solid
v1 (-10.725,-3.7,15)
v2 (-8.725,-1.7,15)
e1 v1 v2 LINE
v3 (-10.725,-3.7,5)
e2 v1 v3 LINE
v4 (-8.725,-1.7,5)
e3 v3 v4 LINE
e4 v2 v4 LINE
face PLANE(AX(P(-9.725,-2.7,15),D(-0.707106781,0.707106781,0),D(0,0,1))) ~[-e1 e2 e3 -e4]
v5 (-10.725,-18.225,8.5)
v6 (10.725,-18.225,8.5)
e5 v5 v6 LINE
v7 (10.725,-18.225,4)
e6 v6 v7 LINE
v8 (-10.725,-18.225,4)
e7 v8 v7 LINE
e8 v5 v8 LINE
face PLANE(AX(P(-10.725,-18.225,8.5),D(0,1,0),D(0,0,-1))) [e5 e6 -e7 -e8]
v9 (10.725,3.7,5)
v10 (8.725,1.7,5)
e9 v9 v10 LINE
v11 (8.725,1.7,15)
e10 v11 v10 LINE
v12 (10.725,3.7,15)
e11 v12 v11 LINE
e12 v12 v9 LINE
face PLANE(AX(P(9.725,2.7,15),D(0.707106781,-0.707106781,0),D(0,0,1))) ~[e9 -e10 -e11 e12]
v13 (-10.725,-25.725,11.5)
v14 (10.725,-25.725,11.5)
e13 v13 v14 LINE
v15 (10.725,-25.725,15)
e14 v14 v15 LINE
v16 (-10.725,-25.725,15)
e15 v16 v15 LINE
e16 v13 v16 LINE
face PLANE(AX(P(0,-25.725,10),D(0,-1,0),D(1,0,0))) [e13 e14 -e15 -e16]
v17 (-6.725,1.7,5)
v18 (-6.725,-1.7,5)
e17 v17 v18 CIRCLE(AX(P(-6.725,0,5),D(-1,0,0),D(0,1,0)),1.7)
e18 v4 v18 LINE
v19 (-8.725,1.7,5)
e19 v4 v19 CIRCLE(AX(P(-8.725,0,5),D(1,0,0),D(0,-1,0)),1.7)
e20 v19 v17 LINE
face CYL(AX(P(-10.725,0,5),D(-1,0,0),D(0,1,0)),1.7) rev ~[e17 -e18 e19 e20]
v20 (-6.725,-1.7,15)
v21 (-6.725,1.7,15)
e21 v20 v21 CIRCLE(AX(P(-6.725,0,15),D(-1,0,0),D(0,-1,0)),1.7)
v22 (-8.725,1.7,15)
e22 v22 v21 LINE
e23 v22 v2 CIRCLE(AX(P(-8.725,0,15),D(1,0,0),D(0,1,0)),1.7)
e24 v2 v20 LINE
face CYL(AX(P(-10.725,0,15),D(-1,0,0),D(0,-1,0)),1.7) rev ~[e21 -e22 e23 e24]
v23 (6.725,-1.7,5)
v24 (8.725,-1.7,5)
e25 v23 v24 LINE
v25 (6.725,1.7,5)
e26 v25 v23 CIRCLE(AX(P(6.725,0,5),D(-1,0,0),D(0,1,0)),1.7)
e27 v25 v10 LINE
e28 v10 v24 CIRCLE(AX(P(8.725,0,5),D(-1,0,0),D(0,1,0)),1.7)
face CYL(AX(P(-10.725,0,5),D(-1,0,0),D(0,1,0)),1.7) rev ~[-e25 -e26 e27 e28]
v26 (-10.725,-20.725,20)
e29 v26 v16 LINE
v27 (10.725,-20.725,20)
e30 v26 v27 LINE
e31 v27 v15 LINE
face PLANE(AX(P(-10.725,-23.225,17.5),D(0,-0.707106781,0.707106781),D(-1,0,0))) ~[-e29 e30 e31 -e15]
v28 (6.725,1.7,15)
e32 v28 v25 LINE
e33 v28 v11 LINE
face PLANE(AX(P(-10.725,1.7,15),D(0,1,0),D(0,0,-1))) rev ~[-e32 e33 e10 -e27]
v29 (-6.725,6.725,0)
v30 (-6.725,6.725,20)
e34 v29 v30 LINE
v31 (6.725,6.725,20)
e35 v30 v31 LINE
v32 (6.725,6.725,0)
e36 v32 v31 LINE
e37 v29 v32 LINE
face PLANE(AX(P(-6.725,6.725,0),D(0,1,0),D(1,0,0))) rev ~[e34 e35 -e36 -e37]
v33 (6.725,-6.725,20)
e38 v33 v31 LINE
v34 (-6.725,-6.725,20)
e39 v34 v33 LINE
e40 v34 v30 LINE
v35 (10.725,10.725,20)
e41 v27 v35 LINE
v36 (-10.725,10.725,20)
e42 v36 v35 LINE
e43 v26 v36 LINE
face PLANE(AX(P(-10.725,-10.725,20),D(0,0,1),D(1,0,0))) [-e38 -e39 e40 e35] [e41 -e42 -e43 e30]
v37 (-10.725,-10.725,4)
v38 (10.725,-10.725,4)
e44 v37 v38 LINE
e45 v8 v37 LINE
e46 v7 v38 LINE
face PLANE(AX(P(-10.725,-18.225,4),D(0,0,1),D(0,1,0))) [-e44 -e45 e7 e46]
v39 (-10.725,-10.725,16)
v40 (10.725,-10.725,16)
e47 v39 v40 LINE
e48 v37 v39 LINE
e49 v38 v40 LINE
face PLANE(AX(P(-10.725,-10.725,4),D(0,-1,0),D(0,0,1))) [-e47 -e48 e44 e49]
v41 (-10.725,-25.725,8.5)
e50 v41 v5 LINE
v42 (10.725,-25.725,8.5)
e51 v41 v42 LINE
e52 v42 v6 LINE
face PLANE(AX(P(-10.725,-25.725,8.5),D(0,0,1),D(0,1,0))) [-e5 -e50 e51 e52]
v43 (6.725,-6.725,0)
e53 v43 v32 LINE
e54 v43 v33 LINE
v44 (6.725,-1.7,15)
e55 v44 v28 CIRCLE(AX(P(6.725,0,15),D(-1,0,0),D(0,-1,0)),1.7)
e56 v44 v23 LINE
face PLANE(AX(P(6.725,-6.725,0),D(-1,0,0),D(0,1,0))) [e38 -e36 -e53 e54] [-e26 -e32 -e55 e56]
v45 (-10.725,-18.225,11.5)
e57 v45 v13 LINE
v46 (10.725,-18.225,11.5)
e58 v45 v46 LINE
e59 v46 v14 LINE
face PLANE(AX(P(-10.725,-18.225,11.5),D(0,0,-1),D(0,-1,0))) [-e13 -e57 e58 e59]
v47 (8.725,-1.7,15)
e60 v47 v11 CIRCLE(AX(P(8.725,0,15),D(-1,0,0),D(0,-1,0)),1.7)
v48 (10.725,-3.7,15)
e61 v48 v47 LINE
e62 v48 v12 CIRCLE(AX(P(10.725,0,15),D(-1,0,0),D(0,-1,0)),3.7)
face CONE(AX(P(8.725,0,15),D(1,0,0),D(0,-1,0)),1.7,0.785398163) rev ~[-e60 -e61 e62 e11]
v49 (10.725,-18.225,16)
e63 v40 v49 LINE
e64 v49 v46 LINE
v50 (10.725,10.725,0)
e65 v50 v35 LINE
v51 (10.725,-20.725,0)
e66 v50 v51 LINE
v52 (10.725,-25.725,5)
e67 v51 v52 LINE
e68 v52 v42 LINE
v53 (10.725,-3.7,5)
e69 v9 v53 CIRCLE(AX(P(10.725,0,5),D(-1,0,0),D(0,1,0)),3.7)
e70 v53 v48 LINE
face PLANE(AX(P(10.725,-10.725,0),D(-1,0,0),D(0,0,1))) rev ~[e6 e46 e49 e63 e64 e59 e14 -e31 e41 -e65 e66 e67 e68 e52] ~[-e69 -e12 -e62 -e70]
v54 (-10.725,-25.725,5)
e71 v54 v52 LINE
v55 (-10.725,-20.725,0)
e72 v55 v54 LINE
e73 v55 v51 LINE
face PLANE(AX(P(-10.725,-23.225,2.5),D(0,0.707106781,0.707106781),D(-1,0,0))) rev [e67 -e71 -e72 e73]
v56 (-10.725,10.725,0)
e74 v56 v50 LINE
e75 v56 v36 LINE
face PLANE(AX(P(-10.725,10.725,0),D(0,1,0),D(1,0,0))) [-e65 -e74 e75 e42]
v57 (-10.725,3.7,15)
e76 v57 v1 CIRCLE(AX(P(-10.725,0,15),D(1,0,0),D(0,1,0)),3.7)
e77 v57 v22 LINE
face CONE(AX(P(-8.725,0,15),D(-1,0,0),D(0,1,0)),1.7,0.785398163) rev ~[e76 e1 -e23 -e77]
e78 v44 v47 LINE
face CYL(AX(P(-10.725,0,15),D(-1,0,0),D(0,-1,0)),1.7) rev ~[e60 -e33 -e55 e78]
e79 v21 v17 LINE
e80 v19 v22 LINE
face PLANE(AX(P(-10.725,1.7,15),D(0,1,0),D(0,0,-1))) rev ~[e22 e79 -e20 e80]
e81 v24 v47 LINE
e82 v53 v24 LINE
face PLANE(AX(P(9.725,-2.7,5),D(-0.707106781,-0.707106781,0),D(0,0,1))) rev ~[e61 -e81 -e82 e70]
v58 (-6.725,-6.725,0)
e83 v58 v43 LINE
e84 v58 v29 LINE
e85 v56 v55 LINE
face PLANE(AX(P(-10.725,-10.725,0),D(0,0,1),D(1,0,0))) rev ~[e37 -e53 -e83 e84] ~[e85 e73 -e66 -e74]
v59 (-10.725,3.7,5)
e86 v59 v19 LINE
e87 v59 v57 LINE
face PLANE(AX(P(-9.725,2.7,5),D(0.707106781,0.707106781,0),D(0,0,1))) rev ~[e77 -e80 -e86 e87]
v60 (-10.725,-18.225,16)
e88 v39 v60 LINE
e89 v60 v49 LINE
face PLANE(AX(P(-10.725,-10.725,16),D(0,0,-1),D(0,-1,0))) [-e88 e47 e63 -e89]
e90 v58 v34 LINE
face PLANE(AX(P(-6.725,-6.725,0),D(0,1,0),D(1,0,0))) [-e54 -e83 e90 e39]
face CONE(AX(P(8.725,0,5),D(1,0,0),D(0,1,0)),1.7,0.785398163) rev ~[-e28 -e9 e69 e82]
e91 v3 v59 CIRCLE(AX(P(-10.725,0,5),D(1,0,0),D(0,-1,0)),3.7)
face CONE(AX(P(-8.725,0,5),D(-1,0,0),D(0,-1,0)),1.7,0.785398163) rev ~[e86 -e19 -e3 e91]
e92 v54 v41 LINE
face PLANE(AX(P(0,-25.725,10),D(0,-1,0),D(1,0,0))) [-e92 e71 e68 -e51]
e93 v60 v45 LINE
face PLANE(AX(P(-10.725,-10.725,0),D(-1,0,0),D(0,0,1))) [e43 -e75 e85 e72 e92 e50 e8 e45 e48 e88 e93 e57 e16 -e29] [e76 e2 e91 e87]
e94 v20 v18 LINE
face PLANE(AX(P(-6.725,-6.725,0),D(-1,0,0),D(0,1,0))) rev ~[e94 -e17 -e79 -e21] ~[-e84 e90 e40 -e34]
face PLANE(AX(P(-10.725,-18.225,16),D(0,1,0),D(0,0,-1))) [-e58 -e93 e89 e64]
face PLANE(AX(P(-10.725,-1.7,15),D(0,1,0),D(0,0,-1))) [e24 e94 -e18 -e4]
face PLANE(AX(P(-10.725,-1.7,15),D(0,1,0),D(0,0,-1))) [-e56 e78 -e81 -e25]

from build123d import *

# Parameters (mm, degrees)
SKETCH_W        = 21.45
SKETCH_H        = 21.45
SKETCH_W_2      = 13.45
SKETCH_H_2      = 13.45
PAD_DEPTH       = 20
SKETCH001_W     = 21.45
SKETCH001_H     = 20
PAD001_DEPTH    = 15
POCKET_DEPTH    = 21.451
POCKET001_DEPTH = 21.451
CHAMFER_SIZE    = 2
CHAMFER001_SIZE = 5


with BuildPart() as part:
    # Sketch → Pad (new body)
    with BuildSketch(Plane.XY):
        Rectangle(SKETCH_W, SKETCH_H)
        Rectangle(SKETCH_W_2, SKETCH_H_2, mode=Mode.SUBTRACT)
    extrude(amount=PAD_DEPTH)

    # Sketch001 (on Face3 of Pad) → Pad001 (join)
    with BuildSketch(Plane.XZ.offset(10.725)):
        with Locations((0, 10)):
            Rectangle(SKETCH001_W, SKETCH001_H)
    extrude(amount=PAD001_DEPTH)

    # Sketch002 (on Face6 of Pad001) → Pocket (cut, through all)
    with BuildSketch(Plane(origin=(-10.725, 0, 0), x_dir=(0, -1, 0), z_dir=(-1, 0, 0))):
        Polygon((18.225, 11.5), (25.725, 11.5), (25.725, 8.5), (18.225, 8.5), (18.225, 4), (10.725, 4), (10.725, 16), (18.225, 16), align=None)
    extrude(amount=-POCKET_DEPTH, mode=Mode.SUBTRACT)

    # Sketch003 (on Face2 of Pocket) → Pocket001 (cut, through all)
    with BuildSketch(Plane(origin=(-10.725, 0, 0), x_dir=(0, -1, 0), z_dir=(-1, 0, 0))):
        with BuildLine():
            ThreePointArc((1.7, 15), (0, 16.7), (-1.7, 15))
            Line((-1.7, 15), (-1.7, 5))
            ThreePointArc((-1.7, 5), (0, 3.3), (1.7, 5))
            Line((1.7, 15), (1.7, 5))
        make_face()
    extrude(amount=-POCKET001_DEPTH, mode=Mode.SUBTRACT)

    # Chamfer
    chamfer_edges = [part.edges().sort_by_distance(p)[0] for p in [
        (-10.725, -1.7, 10),
        (-10.725, 1.7, 10),
        (-10.725, 0, 3.3),
        (-10.725, 0, 16.7),
        (10.725, 1.7, 10),
        (10.725, -1.7, 10),
        (10.725, 0, 3.3),
        (10.725, 0, 16.7),
    ]]
    chamfer(chamfer_edges, length=CHAMFER_SIZE)

    # Chamfer001
    chamfer001_edges = [part.edges().sort_by_distance(p)[0] for p in [
        (0, -25.725, 0),
        (0, -25.725, 20),
    ]]
    chamfer(chamfer001_edges, length=CHAMFER001_SIZE)


solid = part.part
